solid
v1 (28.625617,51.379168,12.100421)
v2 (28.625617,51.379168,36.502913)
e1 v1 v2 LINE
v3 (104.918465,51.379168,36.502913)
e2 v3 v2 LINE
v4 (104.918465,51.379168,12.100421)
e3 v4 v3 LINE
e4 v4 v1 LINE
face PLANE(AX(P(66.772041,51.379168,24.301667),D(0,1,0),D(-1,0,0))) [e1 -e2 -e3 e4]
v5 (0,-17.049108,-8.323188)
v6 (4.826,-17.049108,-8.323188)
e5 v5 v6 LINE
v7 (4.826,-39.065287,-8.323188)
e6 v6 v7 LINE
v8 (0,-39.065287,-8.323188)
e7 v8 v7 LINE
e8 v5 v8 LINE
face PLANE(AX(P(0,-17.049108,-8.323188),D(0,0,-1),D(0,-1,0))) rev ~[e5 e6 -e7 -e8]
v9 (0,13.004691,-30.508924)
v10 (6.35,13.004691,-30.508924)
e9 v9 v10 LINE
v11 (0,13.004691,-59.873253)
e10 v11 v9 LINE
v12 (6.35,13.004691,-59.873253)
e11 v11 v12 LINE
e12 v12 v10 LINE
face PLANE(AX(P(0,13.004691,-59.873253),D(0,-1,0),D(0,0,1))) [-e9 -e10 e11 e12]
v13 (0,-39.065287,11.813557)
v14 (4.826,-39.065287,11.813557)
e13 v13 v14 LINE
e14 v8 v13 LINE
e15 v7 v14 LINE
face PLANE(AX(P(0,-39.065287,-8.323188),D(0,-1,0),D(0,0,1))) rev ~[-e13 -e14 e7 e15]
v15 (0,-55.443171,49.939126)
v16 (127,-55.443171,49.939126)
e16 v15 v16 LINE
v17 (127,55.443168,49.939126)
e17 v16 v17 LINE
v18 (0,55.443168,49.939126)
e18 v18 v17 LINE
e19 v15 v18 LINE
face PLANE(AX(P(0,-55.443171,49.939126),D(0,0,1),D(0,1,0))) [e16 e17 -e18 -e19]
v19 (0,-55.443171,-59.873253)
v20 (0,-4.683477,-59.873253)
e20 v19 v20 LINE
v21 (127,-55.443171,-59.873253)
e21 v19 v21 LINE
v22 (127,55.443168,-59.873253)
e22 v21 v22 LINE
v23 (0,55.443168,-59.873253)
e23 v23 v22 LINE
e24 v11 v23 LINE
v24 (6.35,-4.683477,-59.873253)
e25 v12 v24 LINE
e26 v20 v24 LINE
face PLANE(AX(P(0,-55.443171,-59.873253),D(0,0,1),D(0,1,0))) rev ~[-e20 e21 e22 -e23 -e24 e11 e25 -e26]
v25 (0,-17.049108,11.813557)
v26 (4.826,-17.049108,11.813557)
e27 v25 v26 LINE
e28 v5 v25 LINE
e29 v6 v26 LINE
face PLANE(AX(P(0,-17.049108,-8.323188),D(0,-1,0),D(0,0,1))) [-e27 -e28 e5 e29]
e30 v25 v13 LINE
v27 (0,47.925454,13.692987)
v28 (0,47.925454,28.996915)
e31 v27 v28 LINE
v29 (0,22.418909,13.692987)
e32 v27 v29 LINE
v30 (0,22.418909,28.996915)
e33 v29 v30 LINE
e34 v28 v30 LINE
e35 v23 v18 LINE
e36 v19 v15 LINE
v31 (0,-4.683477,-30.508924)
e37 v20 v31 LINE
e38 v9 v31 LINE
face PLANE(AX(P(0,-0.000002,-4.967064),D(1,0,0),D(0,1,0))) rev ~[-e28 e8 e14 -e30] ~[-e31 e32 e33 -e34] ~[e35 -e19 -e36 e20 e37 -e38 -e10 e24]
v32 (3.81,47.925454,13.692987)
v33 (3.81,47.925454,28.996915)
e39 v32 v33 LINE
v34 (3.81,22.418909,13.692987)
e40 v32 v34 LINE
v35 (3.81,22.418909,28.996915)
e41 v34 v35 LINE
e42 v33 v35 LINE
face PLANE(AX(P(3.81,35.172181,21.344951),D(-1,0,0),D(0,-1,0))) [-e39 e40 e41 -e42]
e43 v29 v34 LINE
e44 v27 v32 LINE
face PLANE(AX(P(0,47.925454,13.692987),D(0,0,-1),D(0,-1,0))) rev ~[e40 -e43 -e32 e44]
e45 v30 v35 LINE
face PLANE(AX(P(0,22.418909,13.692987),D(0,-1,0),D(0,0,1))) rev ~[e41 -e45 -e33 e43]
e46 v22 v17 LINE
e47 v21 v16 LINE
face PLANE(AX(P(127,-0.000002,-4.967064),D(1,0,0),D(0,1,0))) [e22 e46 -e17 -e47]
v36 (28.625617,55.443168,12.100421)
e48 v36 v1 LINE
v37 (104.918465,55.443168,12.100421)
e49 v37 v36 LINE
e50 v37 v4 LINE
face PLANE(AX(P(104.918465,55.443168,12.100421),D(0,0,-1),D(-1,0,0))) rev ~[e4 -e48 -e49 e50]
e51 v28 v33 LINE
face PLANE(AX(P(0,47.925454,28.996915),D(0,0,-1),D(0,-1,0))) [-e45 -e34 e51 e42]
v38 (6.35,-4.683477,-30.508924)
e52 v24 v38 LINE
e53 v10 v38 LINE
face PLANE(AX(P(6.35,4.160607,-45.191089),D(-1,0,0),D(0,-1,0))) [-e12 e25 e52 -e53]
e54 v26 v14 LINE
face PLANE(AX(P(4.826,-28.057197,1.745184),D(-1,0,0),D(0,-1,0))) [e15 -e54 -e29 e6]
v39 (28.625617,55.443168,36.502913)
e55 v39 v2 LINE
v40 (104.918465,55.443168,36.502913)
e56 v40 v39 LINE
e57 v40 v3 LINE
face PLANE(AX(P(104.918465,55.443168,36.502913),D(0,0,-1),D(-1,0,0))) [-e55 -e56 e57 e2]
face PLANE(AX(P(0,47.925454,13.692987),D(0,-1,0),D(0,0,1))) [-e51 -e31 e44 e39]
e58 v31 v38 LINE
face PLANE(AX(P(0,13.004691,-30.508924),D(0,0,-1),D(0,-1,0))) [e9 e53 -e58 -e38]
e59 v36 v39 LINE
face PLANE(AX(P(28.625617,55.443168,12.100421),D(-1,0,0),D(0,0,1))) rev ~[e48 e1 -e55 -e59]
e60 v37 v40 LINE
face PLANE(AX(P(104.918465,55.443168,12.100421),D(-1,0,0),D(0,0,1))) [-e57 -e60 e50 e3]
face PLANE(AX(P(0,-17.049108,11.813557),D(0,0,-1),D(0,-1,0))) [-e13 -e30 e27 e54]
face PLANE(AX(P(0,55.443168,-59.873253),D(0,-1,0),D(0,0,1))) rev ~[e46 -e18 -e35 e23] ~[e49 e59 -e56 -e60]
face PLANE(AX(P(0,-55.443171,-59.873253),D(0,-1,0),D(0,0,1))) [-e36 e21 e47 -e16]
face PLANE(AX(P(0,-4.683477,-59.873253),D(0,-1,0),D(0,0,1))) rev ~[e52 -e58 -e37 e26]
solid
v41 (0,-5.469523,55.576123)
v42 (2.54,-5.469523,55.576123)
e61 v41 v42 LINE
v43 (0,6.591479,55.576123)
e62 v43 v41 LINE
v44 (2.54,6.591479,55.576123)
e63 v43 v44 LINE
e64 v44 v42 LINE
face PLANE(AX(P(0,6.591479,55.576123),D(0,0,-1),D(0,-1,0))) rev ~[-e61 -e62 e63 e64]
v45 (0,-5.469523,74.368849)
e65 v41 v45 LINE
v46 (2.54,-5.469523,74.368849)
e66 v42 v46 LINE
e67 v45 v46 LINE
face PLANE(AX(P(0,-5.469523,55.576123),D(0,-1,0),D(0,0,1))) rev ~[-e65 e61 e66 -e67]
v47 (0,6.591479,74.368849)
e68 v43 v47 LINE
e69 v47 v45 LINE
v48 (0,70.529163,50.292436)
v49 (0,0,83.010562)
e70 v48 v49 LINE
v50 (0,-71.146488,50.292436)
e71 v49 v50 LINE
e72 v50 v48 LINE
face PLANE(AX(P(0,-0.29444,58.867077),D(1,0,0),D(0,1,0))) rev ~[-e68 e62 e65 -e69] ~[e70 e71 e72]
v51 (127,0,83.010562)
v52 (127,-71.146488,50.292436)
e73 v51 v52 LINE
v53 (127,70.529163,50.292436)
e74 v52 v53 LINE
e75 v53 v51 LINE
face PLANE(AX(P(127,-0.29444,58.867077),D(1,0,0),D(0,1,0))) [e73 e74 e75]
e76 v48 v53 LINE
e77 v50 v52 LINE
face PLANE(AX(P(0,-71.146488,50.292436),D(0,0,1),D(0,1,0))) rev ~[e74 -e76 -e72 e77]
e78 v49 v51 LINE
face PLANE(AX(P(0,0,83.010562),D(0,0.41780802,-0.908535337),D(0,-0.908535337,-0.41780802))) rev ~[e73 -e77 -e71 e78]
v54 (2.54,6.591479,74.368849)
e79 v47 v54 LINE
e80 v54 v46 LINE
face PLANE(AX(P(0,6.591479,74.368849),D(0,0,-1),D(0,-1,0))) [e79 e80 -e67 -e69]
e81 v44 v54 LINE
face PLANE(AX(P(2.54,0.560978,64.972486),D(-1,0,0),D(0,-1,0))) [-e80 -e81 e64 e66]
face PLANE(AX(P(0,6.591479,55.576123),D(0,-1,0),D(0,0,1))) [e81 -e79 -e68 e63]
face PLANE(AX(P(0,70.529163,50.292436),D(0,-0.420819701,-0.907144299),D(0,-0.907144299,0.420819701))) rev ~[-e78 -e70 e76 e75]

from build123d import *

# Parameters (mm, degrees)
F0_W      = 110.8863390982
F0_H      = 109.8123788834
F1_DEPTH  = 127
F2_W      = 17.6881682128
F2_H      = 29.3643288314
F3_DEPTH  = 6.35
F4_W      = 25.5065448582
F4_H      = 15.3039274737
F5_DEPTH  = 3.81
F6_W      = 22.0161788166
F6_H      = 20.1367447153
F7_DEPTH  = 4.826
F9_DEPTH  = 127
F10_W     = 76.2928482145
F10_H     = 24.4024917483
F11_DEPTH = 4.064
F12_W     = 12.0610017329
F12_H     = 18.7927260995
F13_DEPTH = 2.54


with BuildPart() as f1:
    # F0 (on Right) → F1 (new body)
    with BuildSketch(Plane.YZ):
        with Locations((-1.8626e-06, -4.9670636654)):
            Rectangle(F0_W, F0_H)
    extrude(amount=F1_DEPTH)

    # F2 (on face) → F3 (cut)
    with BuildSketch(Plane(origin=(0, 0, 0), x_dir=(0, -1, 0), z_dir=(-1, 0, 0))):
        with Locations((-4.1606072336, -45.1910886914)):
            Rectangle(F2_W, F2_H)
    extrude(amount=-F3_DEPTH, mode=Mode.SUBTRACT)

    # F4 (on face) → F5 (cut)
    with BuildSketch(Plane(origin=(0, 0, 0), x_dir=(0, -1, 0), z_dir=(-1, 0, 0))):
        with Locations((-35.172181204, 21.3449508883)):
            Rectangle(F4_W, F4_H)
    extrude(amount=-F5_DEPTH, mode=Mode.SUBTRACT)

    # F6 (on face) → F7 (cut)
    with BuildSketch(Plane(origin=(0, 0, 0), x_dir=(0, -1, 0), z_dir=(-1, 0, 0))):
        with Locations((28.0571971089, 1.7451844178)):
            Rectangle(F6_W, F6_H)
    extrude(amount=-F7_DEPTH, mode=Mode.SUBTRACT)

    # F10 (on face) → F11 (cut)
    with BuildSketch(Plane(origin=(0, 55.4431676865, 0), x_dir=(-1, 0, 0), z_dir=(0, 1, 0))):
        with Locations((-66.772040911, 24.3016667664)):
            Rectangle(F10_W, F10_H)
    extrude(amount=-F11_DEPTH, mode=Mode.SUBTRACT)


with BuildPart() as f9:
    # F8 (on Right) → F9 (new body)
    with BuildSketch(Plane.YZ):
        Polygon((-71.1464881897, 50.2924360335), (70.5291628838, 50.2924360335), (0, 83.0105617642), align=None)
    extrude(amount=F9_DEPTH)

    # F12 (on face) → F13 (cut)
    with BuildSketch(Plane(origin=(0, 0, 0), x_dir=(0, -1, 0), z_dir=(-1, 0, 0))):
        with Locations((-0.5609779619, 64.972486347)):
            Rectangle(F12_W, F12_H)
    extrude(amount=-F13_DEPTH, mode=Mode.SUBTRACT)


solid = Compound([f1.part, f9.part])
